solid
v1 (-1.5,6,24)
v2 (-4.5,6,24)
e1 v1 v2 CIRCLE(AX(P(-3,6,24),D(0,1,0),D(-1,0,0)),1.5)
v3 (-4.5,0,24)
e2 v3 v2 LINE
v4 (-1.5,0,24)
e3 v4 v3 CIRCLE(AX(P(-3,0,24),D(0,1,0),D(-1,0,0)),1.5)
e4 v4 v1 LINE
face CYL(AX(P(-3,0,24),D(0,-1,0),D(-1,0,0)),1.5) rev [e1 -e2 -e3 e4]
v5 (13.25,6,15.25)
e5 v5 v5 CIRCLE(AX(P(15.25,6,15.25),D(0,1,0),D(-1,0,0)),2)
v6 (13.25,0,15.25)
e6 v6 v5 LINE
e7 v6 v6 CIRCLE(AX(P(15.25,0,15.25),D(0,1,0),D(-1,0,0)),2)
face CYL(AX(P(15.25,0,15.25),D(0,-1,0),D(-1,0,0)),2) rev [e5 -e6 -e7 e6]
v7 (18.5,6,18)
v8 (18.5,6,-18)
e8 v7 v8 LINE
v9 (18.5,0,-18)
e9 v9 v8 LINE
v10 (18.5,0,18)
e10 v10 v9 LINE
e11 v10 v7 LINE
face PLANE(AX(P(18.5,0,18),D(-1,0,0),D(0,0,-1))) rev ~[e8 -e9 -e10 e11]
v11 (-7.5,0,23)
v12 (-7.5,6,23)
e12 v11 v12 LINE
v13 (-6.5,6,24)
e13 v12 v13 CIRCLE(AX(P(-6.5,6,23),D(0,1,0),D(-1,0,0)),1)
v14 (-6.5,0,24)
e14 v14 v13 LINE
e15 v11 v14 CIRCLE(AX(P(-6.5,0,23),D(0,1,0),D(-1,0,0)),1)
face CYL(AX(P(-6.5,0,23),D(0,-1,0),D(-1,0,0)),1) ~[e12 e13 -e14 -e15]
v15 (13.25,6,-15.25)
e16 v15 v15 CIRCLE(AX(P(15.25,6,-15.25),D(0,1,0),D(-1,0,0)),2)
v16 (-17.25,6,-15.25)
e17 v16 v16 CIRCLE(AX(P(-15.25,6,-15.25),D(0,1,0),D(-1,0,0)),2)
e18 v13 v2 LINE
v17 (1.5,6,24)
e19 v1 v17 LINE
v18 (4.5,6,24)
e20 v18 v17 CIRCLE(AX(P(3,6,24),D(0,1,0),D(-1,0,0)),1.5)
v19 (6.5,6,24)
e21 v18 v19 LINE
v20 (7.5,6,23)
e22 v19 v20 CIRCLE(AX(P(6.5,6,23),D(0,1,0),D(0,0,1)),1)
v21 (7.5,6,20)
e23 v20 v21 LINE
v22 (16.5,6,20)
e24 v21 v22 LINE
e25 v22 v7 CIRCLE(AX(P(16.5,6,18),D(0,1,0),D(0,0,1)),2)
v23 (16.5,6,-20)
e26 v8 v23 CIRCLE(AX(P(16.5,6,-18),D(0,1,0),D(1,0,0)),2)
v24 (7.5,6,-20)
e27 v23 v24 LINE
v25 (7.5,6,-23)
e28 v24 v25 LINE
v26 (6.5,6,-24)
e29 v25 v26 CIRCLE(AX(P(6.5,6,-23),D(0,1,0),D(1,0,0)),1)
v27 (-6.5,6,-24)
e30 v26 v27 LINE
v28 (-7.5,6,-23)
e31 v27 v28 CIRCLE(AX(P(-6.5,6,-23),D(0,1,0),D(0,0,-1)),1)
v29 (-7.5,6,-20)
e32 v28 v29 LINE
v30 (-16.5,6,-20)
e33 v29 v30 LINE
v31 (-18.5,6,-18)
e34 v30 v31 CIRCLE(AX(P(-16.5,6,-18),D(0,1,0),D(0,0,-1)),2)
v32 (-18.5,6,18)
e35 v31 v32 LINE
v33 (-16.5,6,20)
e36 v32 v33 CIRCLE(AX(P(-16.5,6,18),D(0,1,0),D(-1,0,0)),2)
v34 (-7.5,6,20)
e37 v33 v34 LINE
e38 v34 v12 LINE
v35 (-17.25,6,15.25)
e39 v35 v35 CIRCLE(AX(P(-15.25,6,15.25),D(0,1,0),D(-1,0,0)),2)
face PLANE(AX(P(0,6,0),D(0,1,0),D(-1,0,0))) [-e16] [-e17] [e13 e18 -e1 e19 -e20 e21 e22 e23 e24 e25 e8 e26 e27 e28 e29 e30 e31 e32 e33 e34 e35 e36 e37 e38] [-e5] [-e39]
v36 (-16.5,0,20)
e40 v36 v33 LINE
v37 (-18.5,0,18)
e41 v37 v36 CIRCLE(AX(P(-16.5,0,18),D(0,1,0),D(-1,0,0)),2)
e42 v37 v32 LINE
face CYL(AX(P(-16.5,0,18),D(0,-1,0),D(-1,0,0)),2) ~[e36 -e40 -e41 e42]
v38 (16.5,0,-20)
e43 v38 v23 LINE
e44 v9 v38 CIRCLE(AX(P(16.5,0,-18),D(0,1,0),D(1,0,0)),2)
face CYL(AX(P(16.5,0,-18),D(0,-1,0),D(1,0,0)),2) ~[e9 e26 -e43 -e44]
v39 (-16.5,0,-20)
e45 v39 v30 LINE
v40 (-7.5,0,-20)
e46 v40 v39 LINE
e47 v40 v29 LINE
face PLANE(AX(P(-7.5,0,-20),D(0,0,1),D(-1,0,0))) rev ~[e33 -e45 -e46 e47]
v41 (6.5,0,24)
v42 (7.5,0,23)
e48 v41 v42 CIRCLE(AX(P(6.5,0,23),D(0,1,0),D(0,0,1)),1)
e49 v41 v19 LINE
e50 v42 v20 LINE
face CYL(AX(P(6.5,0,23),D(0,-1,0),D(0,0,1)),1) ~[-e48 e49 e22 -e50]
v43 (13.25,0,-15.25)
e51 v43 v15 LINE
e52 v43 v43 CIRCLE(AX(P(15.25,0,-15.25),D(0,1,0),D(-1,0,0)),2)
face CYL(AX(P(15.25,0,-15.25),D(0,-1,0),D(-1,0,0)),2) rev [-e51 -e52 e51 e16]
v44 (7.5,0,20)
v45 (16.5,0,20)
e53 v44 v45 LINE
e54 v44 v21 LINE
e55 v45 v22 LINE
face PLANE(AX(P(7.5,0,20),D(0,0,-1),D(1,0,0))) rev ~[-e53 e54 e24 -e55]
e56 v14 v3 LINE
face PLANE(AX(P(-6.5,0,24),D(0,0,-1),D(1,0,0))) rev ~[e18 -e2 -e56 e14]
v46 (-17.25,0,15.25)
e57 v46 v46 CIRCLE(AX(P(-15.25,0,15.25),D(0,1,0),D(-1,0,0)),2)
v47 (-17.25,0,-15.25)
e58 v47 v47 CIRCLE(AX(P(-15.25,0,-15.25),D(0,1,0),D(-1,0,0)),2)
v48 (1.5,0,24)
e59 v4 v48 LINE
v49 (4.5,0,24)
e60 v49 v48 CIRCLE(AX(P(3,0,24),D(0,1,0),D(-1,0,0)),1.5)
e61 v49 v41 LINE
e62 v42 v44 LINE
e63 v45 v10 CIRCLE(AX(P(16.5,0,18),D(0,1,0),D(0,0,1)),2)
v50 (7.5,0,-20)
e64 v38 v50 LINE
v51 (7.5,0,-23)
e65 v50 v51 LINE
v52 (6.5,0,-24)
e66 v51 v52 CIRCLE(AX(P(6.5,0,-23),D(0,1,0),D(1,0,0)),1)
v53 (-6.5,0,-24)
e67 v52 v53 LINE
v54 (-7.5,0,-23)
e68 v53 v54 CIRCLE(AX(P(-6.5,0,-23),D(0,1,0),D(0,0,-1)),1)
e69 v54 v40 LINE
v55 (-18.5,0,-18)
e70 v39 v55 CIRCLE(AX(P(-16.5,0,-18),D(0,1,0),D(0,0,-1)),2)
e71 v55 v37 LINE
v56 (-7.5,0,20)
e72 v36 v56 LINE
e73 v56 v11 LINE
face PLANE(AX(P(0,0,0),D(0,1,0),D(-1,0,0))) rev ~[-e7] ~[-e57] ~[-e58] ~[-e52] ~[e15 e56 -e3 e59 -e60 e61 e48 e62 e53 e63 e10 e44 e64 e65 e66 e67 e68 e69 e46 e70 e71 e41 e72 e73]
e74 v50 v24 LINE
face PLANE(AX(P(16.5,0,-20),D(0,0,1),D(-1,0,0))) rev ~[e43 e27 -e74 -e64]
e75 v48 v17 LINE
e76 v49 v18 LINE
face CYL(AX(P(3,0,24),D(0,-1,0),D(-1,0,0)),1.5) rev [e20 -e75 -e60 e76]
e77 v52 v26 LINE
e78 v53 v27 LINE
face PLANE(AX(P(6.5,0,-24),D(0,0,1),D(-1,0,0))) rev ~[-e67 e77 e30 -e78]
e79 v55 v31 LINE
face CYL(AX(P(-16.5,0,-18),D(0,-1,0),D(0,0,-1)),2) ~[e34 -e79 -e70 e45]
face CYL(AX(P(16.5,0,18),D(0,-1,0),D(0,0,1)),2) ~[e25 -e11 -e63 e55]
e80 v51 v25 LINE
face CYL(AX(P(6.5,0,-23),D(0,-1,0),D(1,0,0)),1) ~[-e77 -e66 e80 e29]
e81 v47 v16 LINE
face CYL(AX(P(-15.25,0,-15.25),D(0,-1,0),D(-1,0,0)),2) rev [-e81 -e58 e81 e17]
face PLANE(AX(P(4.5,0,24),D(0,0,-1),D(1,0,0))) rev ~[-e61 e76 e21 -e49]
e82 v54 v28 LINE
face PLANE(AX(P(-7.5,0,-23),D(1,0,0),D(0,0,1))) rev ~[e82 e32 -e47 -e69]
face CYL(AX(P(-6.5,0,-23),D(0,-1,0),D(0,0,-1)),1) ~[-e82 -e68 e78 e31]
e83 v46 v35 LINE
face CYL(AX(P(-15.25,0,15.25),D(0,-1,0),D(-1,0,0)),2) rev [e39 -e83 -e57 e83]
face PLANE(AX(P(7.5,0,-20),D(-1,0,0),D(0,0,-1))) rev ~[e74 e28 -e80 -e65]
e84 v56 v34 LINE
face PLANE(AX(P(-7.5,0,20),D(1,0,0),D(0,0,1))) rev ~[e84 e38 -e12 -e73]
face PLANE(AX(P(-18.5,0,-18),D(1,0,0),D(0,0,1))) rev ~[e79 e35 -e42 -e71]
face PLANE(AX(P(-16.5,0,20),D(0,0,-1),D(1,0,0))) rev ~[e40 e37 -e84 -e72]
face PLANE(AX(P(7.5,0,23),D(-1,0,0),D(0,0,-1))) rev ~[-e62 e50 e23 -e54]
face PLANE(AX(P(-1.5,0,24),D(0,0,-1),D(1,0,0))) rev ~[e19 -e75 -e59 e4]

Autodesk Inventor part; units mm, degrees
ref_plane "YZ Plane" through (0, 0, 0) normal (1, 0, 0) x (0, 1, 0)
ref_plane "XZ Plane" through (0, 0, 0) normal (0, 1, 0) x (-1, 0, 0)
ref_plane "XY Plane" through (0, 0, 0) normal (0, 0, 1) x (1, 0, 0)
sketch "Sketch1" plane through (0, 0, 0) normal (0, 1, 0) x (-1, 0, 0)
  line L0 (16.5, 20) -> (-16.5, 20)
  line L1 (-18.5, 18) -> (-18.5, -18)
  line L2 (-16.5, -20) -> (16.5, -20)
  line L3 (18.5, -18) -> (18.5, 18)
  arc A0 (18.5, 18) -> (16.5, 20) centre (16.5, 18) ccw
  arc A1 (16.5, -20) -> (18.5, -18) centre (16.5, -18) ccw
  arc A2 (-16.5, 20) -> (-18.5, 18) centre (-16.5, 18) ccw
  arc A3 (-18.5, -18) -> (-16.5, -20) centre (-16.5, -18) ccw
  line L4 (6.5, 24) -> (-6.5, 24)
  line L5 (-7.5, 23) -> (-7.5, 20)
  line L6 (-7.5, 20) -> (7.5, 20)
  line L7 (7.5, 20) -> (7.5, 23)
  line L8 (7.5, -20) -> (-7.5, -20)
  line L9 (-7.5, -20) -> (-7.5, -23)
  line L10 (-6.5, -24) -> (6.5, -24)
  line L11 (7.5, -23) -> (7.5, -20)
  arc A4 (7.5, 23) -> (6.5, 24) centre (6.5, 23) ccw
  arc A5 (-6.5, 24) -> (-7.5, 23) centre (-6.5, 23) ccw
  arc A6 (-7.5, -23) -> (-6.5, -24) centre (-6.5, -23) ccw
  arc A7 (6.5, -24) -> (7.5, -23) centre (6.5, -23) ccw
  circle A8 centre (3, 24) radius 1.5
  circle A9 centre (-3, 24) radius 1.5
  circle A10 centre (15.25, 15.25) radius 2
  circle A11 centre (15.25, -15.25) radius 2
  circle A12 centre (-15.25, -15.25) radius 2
  circle A13 centre (-15.25, 15.25) radius 2
  point P0 (0, 0)
  point P1 (-18.5, -20)
  point P2 (-18.5, 20)
  point P3 (18.5, -20)
  point P4 (-7.5, 24)
  point P5 (-7.5, -24)
  point P6 (7.5, -24)
  point P7 (0, 20)
  point P8 (0, -20)
  point P9 (4.5, 24)
  point P10 (1.5, 24)
  point P11 (-1.5, 24)
  point P12 (-4.5, 24)
  dimension "d0" = 37
  dimension "d1" = 40
  dimension "d2" = 20
  dimension "d3" = 18.5
  dimension "d4" = 2
  dimension "d5" = 15
  dimension "d6" = 4
  dimension "d7" = 15
  dimension "d8" = 4
  dimension "d9" = 1
  dimension "d10" = 3
  dimension "d11" = 3
  dimension "d12" = 3
  dimension "d13" = 6
  dimension "d14" = 4
  dimension "d15" = 4
  dimension "d16" = 4
  dimension "d17" = 4
  dimension "d18" = 30.5
  dimension "d19" = 30.5
  dimension "d20" = 30.5
  dimension "d21" = 30.5
  dimension "d22" = 3.25
  dimension "d23" = 4.75
extrude "Extrusion1" add sketch "Sketch1" along normal blind 6 contours A0 L3 A1 L2 A3 L1 A2 L0 | L0 L5 A5 L4 A9 A8 A4 L7 | L11 A7 L10 A6 L9 L2
equation "\"d2\" = 0.5 * d1"
equation "\"d3\" = 0.5 * d0"
equation "\"d22\" = -0.5 * d20 + 0.5 * d0"
equation "\"d23\" = -0.5 * d19 + 0.5 * d1"
properties part number "Holybro Tekko ESC model" material "PMMA Plastic"
